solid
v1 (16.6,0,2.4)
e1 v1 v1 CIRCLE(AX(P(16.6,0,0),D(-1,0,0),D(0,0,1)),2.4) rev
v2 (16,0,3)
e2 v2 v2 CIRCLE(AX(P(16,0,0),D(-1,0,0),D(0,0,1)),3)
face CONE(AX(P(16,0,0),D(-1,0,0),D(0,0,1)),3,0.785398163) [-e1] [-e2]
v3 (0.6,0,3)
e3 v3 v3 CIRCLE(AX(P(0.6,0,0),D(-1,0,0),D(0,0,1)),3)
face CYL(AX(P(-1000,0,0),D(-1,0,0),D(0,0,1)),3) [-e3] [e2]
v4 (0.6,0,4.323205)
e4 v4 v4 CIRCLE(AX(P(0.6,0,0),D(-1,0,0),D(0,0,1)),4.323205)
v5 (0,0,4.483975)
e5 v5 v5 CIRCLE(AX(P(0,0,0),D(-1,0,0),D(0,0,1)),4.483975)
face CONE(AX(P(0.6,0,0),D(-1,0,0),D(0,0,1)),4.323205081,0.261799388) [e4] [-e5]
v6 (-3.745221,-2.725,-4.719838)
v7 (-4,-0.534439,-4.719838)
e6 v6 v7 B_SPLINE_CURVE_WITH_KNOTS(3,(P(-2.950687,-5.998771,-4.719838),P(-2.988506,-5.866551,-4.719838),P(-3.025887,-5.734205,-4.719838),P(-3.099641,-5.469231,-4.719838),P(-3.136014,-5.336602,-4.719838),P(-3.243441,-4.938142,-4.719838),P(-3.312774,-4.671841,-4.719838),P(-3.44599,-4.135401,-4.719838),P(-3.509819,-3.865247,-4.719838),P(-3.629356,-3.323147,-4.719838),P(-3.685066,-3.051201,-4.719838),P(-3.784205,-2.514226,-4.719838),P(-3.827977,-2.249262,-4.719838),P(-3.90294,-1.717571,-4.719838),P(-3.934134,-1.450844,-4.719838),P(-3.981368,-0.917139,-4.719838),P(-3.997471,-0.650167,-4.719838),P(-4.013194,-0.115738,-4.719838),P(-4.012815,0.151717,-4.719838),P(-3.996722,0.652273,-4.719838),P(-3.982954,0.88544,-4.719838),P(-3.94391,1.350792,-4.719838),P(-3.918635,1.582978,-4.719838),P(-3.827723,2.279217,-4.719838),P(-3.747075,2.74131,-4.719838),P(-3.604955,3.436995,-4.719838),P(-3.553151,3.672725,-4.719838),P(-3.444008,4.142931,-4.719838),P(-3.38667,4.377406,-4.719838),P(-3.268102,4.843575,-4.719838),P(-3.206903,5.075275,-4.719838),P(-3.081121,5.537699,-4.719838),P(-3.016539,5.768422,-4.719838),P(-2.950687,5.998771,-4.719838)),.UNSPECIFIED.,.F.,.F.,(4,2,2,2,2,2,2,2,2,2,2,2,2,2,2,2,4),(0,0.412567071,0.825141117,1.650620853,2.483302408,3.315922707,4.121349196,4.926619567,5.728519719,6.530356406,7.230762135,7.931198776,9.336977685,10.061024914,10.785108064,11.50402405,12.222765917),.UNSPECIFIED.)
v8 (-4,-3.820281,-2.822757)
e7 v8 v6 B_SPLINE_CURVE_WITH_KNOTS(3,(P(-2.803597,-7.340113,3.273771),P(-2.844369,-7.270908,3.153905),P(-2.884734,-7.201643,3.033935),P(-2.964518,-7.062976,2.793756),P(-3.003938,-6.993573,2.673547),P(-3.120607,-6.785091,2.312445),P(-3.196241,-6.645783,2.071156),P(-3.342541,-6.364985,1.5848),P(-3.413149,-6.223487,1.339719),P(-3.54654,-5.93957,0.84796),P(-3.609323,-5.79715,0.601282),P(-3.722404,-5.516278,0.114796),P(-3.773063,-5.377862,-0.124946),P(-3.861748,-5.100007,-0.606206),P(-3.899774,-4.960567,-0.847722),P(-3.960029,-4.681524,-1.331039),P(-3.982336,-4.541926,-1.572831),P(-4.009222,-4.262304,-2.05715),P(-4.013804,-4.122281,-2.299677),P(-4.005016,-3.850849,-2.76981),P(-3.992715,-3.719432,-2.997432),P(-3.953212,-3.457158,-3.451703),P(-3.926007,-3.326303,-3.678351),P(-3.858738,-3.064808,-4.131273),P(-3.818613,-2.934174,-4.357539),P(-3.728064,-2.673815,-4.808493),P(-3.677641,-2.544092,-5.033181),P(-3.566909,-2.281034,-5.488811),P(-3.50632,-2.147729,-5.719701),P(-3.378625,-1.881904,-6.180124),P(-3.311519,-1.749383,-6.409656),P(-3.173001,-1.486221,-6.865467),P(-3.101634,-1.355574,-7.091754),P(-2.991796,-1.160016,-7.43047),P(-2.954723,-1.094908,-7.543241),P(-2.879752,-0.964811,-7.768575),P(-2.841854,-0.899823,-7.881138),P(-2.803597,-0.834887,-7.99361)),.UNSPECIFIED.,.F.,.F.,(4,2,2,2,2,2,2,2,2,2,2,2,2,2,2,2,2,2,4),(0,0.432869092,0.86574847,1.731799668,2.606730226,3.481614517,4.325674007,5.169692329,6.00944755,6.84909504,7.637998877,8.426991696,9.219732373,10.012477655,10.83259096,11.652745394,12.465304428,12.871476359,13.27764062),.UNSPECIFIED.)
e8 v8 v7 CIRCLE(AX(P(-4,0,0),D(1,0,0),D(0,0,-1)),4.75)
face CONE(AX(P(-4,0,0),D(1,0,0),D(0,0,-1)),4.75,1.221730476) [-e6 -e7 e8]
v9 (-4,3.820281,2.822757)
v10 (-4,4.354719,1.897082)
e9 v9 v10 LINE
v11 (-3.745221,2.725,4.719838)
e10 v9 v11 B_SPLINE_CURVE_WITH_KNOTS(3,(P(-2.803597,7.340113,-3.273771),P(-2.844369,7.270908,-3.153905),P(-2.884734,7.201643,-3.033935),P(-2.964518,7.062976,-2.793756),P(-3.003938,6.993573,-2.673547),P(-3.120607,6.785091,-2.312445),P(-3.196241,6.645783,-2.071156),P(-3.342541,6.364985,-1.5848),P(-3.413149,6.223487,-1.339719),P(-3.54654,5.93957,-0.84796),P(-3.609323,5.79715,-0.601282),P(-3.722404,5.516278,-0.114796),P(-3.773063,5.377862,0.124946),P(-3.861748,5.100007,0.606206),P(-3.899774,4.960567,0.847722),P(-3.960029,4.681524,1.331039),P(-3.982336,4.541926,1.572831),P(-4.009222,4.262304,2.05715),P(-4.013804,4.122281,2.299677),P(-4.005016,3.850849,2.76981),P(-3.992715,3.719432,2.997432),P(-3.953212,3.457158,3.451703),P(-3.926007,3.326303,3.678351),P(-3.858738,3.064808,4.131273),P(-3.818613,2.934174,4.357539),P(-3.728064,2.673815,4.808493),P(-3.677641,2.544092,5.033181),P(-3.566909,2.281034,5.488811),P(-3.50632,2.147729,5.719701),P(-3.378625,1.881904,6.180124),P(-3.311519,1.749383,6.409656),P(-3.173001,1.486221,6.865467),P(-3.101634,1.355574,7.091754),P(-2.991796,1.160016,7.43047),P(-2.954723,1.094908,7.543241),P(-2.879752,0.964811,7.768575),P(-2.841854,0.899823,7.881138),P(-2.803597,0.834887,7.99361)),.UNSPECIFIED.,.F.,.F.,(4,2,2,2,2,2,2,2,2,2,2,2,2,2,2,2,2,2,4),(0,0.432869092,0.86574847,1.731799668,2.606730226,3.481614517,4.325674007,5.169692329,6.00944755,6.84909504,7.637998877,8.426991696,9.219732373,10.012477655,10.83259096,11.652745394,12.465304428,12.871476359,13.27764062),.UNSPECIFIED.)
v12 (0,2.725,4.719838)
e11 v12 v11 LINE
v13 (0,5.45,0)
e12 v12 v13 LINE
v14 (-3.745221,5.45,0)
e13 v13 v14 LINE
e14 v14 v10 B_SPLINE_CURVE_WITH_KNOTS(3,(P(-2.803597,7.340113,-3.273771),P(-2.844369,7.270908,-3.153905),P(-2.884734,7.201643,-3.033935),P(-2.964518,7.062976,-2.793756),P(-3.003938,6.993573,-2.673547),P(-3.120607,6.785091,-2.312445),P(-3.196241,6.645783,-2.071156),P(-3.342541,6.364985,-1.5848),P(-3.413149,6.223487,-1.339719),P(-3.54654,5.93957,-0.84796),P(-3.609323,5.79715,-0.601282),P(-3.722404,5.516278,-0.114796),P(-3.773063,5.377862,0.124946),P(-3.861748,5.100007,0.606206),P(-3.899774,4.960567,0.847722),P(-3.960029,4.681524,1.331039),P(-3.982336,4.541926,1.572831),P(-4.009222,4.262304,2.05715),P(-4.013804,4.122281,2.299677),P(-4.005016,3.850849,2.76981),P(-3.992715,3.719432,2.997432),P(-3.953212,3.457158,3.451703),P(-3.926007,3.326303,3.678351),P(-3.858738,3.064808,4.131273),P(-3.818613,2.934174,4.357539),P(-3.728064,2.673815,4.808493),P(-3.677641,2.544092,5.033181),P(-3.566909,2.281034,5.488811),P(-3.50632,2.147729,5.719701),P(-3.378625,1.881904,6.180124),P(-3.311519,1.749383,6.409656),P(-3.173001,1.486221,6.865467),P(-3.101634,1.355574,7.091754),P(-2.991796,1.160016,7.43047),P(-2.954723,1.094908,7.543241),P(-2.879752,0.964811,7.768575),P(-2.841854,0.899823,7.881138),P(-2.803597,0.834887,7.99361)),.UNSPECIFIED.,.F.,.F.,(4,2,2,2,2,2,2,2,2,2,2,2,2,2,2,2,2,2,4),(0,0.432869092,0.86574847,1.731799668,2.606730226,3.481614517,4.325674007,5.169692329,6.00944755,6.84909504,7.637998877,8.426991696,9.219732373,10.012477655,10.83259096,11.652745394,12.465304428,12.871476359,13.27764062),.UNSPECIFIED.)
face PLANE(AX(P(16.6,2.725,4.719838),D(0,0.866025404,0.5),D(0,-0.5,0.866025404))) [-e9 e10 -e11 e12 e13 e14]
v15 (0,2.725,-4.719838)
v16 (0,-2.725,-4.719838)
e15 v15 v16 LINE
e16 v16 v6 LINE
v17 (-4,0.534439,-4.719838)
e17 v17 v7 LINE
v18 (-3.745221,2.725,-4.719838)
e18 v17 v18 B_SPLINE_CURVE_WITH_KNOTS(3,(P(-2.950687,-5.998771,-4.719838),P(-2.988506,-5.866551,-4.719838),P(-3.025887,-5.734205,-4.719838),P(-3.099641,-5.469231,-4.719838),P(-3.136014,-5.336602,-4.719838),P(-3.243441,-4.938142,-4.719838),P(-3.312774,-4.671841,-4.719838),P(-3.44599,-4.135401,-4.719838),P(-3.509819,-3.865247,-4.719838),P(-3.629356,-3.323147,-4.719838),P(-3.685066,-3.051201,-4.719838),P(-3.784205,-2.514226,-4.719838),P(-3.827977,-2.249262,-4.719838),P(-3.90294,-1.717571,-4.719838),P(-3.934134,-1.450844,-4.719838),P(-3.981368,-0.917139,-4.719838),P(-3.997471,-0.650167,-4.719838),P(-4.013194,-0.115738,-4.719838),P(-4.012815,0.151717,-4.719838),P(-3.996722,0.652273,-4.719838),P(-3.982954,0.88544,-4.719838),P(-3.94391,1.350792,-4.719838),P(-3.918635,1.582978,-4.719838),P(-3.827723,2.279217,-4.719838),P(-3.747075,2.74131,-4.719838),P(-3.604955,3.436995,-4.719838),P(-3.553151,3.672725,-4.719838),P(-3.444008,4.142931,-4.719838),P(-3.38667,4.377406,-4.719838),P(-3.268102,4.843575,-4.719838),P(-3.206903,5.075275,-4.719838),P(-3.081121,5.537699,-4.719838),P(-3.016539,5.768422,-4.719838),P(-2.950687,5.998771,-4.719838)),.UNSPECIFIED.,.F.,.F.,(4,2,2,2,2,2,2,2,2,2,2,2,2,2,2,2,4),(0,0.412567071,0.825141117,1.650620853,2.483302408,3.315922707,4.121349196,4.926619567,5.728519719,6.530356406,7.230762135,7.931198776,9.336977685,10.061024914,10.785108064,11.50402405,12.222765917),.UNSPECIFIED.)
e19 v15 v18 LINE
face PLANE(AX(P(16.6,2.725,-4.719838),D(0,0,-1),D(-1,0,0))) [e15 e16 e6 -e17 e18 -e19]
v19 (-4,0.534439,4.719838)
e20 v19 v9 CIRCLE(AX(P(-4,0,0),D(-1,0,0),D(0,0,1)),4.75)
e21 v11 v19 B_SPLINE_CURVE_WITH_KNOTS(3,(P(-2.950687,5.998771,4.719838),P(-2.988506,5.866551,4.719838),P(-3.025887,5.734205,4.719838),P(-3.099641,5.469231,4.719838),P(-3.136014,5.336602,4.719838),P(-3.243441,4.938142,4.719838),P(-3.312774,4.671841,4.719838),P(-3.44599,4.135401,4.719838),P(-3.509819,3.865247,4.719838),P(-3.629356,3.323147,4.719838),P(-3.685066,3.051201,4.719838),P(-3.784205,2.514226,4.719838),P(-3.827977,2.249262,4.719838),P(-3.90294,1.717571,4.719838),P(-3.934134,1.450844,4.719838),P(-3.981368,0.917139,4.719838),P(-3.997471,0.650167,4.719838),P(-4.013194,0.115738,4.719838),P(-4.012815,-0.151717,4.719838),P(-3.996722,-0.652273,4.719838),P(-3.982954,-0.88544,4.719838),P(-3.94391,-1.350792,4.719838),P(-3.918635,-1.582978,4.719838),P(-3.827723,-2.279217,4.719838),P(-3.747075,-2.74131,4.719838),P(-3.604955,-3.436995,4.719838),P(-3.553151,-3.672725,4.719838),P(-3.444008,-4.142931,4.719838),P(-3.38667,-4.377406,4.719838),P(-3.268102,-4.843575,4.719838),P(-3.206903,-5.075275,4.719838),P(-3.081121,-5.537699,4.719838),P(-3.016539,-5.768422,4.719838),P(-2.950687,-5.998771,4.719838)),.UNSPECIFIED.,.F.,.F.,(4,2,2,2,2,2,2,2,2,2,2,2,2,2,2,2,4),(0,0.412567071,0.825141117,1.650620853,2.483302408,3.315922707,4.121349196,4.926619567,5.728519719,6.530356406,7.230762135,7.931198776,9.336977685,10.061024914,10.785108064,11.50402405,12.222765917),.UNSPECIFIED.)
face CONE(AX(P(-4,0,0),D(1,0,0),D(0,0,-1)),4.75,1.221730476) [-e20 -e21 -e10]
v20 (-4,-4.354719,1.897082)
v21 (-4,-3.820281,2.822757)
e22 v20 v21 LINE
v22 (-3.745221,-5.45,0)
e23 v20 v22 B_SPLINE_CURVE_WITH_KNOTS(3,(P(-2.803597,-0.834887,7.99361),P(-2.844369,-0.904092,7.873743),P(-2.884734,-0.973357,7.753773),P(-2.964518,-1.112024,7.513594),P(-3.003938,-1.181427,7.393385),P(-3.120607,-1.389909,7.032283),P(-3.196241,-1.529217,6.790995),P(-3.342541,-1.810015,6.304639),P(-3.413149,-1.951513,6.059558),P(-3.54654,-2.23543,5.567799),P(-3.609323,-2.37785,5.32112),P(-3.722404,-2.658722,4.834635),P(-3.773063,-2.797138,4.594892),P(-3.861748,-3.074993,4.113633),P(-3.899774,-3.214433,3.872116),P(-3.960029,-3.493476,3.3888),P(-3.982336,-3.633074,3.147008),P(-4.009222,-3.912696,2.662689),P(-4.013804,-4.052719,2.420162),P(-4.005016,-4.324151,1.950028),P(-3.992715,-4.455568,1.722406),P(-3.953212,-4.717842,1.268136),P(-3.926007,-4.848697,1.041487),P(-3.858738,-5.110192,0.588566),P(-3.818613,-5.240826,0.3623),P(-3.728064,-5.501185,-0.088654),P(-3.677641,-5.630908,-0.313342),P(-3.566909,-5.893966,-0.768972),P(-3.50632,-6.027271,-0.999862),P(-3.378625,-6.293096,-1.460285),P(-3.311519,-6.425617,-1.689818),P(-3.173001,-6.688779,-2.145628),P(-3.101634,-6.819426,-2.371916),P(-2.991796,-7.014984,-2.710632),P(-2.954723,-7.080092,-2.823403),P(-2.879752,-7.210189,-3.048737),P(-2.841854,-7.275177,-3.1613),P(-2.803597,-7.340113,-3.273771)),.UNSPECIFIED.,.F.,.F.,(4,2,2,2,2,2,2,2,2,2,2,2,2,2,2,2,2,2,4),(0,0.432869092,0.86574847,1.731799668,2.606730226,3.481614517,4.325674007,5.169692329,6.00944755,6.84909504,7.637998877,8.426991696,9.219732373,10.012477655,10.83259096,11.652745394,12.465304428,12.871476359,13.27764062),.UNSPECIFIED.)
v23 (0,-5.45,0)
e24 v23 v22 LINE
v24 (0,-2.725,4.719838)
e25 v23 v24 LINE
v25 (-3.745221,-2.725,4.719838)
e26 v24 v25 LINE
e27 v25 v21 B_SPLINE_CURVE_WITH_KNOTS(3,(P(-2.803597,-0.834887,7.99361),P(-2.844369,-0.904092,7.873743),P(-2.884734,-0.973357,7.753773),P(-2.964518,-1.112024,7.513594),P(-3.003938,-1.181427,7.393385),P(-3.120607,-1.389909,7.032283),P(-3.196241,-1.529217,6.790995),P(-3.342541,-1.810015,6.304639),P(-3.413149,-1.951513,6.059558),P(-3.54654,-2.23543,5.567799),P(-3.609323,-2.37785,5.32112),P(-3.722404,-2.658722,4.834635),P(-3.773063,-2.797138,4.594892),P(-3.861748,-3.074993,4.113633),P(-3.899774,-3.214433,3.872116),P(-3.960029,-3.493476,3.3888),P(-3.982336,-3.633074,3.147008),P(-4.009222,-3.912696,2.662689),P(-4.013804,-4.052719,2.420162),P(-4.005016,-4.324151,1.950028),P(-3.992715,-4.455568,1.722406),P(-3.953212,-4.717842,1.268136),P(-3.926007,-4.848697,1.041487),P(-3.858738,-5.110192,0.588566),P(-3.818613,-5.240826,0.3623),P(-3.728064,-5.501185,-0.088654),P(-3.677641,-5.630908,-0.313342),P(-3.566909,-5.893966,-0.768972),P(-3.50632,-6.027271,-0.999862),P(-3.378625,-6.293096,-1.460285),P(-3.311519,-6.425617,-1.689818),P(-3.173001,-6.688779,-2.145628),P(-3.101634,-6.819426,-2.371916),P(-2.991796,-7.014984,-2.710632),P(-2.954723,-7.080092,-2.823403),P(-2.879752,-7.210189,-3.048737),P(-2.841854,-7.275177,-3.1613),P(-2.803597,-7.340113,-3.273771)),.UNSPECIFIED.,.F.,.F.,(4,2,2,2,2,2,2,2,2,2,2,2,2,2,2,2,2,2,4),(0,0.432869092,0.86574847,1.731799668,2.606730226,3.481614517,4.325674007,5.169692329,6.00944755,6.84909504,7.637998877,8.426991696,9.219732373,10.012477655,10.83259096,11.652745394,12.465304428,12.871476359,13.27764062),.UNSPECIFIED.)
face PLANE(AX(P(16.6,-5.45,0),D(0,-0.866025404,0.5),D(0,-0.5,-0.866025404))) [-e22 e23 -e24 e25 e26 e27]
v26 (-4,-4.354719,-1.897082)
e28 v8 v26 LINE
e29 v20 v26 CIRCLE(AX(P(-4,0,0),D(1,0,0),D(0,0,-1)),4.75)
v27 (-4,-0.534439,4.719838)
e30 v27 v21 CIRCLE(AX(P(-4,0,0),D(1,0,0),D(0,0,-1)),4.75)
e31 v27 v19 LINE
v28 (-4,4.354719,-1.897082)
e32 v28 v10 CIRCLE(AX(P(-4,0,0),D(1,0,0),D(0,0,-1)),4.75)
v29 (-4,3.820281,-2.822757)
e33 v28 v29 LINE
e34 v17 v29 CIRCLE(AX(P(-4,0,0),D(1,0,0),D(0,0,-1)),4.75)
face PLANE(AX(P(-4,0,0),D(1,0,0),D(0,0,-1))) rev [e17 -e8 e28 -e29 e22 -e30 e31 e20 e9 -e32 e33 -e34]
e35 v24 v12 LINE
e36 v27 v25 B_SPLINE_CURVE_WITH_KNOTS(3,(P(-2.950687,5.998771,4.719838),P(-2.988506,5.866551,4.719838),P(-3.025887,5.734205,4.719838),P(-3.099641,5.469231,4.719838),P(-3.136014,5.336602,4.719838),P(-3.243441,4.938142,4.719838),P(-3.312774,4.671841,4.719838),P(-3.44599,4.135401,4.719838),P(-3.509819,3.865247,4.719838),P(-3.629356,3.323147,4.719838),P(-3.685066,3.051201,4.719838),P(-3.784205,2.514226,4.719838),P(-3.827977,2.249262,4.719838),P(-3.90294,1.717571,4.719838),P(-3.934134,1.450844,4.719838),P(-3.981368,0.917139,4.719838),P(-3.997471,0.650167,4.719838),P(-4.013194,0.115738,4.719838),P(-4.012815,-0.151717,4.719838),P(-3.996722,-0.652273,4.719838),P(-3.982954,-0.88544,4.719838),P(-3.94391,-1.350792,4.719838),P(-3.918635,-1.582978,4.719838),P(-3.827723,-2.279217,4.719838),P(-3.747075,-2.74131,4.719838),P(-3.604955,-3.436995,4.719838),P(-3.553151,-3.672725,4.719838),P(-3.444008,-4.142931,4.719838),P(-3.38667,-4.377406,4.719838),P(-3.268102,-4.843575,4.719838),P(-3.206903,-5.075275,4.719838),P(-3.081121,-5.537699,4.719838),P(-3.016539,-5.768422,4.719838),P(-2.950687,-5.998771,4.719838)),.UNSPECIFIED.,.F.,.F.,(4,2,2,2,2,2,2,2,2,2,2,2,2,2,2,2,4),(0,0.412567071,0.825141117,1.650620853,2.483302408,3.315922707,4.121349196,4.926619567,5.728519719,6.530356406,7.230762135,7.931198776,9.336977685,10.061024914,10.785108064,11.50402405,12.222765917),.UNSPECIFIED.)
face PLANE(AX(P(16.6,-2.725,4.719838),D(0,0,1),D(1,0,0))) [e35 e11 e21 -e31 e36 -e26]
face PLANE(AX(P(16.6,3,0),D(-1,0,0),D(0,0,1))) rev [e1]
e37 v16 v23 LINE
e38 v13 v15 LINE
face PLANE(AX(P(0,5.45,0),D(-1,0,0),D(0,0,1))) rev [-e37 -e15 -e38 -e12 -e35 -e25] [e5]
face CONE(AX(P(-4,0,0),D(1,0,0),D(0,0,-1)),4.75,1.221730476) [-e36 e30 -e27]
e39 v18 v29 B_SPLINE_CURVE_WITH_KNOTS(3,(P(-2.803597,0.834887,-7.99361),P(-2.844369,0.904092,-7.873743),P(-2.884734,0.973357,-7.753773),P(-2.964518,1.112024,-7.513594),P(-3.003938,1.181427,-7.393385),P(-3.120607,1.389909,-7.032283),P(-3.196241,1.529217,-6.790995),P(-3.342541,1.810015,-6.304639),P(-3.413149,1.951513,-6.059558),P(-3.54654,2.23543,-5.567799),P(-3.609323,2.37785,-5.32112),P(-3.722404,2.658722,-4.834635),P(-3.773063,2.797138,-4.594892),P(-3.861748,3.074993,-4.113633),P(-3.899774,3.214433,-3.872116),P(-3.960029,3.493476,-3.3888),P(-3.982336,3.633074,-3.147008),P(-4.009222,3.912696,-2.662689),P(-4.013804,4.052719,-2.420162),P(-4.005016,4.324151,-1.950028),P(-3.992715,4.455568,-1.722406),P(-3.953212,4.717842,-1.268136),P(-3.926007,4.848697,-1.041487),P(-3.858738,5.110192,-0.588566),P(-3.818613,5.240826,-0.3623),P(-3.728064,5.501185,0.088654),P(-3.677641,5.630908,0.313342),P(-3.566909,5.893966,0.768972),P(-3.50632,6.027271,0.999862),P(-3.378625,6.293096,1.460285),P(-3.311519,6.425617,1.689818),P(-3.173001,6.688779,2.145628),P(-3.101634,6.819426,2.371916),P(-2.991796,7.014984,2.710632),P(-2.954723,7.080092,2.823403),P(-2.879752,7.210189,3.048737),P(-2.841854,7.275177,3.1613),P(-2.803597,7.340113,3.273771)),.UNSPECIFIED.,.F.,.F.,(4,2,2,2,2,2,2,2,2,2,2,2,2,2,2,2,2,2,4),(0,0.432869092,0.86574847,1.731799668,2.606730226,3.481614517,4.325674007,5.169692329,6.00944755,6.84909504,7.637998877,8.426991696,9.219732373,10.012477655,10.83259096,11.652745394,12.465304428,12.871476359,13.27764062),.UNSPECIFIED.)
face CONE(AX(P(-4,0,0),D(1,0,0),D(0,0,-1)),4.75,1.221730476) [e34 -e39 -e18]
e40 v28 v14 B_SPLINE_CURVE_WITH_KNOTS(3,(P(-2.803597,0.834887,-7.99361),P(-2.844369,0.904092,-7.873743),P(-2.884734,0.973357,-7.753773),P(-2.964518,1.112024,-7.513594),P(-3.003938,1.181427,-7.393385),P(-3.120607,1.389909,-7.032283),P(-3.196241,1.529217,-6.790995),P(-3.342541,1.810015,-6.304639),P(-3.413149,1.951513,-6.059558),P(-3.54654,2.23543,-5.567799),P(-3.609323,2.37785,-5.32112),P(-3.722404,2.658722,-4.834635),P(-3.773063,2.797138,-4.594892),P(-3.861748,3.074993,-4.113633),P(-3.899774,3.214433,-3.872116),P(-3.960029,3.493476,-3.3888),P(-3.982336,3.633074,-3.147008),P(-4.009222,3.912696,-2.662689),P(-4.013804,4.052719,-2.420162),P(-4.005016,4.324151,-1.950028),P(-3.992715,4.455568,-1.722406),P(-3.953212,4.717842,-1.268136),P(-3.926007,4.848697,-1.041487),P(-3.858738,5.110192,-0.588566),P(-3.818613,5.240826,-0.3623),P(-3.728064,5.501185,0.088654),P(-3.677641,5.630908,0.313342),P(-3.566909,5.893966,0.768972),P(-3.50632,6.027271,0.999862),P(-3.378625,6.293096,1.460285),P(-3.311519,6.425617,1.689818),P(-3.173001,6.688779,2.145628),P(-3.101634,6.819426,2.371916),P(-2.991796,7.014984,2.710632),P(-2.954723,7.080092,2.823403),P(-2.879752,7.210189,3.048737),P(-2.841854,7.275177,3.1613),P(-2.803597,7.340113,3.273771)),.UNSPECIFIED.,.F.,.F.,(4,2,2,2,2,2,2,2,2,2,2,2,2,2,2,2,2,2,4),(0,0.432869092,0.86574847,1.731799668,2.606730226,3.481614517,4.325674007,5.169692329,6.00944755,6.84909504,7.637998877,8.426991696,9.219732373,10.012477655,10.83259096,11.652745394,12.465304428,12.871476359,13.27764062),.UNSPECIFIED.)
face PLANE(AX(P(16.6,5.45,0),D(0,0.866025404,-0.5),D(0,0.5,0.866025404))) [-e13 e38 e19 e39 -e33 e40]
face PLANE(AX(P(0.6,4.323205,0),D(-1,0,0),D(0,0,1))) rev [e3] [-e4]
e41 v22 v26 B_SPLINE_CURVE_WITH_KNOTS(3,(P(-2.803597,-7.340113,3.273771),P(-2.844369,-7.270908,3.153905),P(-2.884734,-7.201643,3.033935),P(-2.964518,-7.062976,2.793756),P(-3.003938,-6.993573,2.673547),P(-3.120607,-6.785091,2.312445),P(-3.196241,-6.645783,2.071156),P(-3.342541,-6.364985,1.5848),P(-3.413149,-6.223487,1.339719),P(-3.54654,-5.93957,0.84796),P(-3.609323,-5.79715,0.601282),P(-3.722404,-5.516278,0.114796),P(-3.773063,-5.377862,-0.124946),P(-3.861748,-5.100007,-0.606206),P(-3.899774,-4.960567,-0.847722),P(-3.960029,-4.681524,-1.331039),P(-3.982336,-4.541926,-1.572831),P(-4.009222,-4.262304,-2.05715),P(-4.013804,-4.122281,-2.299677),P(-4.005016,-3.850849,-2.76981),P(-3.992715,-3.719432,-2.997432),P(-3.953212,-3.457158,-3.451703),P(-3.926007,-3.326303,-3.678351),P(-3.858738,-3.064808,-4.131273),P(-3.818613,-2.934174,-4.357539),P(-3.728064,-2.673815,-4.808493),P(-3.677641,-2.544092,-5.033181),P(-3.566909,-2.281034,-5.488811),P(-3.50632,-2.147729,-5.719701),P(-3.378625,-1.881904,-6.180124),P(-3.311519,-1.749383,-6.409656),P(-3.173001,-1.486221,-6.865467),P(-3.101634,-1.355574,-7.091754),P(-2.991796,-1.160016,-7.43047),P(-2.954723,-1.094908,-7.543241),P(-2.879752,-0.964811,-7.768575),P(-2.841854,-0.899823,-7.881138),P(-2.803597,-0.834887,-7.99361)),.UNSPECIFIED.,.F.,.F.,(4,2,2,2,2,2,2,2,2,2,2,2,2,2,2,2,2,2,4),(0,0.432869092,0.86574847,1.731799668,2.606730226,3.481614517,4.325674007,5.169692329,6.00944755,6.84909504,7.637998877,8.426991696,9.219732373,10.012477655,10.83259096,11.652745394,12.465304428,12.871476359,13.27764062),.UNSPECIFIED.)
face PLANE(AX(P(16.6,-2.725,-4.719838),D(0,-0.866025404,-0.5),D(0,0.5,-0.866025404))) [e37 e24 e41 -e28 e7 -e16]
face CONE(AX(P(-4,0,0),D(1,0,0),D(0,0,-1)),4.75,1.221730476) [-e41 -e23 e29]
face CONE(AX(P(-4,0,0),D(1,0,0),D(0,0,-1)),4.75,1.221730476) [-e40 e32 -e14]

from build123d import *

# Parameters (mm, degrees)
SKETCH_2_OUTSIDE_W  = 18.046
SKETCH_2_OUTSIDE_H  = 18.046
CUT_EXTRUDE_1_DEPTH = 22.994658442
CHAMFER_1_SIZE      = 0.6


with BuildPart() as part:
    # Эскиз1 → Повернуть1 (revolve)
    with BuildSketch(Plane.XY, mode=Mode.PRIVATE) as revolve_1_sk:
        Polygon((-4, 0), (-4, 5.45), (0, 5.45), (0, 4.483974596), (0.6, 4.323205081), (0.6, 3), (16.6, 3), (16.6, 0), align=None)
    revolve(revolve_1_sk.sketch.rotate(Axis((-1000, 0, 0), (1, 0, 0)), 90), axis=Axis((-1000, 0, 0), (1, 0, 0)))

    # Эскиз2 outside → Вырез-Вытянуть1 (cut, through all)
    with BuildSketch(Plane.ZY.offset(4)):
        Rectangle(SKETCH_2_OUTSIDE_W, SKETCH_2_OUTSIDE_H)
        Polygon((0, -5.45), (4.719838451, -2.725), (4.719838451, 2.725), (0, 5.45), (-4.719838451, 2.725), (-4.719838451, -2.725), align=None, mode=Mode.SUBTRACT)
    extrude(amount=-CUT_EXTRUDE_1_DEPTH, mode=Mode.SUBTRACT)

    # Эскиз4 → Вырез-Повернуть1 (revolve, cut)
    with BuildSketch(Plane.XY):
        Polygon((-4, 4.75), (-3.745220836, 5.45), (-4, 5.45), align=None)
    revolve(axis=Axis((-1000, 0, 0), (1, 0, 0)), mode=Mode.SUBTRACT)

    # Фаска1
    chamfer_1_edges = [part.edges().sort_by_distance(p)[0] for p in [
        (16.6, 0, -3),
    ]]
    chamfer(chamfer_1_edges, length=CHAMFER_1_SIZE)


solid = part.part
